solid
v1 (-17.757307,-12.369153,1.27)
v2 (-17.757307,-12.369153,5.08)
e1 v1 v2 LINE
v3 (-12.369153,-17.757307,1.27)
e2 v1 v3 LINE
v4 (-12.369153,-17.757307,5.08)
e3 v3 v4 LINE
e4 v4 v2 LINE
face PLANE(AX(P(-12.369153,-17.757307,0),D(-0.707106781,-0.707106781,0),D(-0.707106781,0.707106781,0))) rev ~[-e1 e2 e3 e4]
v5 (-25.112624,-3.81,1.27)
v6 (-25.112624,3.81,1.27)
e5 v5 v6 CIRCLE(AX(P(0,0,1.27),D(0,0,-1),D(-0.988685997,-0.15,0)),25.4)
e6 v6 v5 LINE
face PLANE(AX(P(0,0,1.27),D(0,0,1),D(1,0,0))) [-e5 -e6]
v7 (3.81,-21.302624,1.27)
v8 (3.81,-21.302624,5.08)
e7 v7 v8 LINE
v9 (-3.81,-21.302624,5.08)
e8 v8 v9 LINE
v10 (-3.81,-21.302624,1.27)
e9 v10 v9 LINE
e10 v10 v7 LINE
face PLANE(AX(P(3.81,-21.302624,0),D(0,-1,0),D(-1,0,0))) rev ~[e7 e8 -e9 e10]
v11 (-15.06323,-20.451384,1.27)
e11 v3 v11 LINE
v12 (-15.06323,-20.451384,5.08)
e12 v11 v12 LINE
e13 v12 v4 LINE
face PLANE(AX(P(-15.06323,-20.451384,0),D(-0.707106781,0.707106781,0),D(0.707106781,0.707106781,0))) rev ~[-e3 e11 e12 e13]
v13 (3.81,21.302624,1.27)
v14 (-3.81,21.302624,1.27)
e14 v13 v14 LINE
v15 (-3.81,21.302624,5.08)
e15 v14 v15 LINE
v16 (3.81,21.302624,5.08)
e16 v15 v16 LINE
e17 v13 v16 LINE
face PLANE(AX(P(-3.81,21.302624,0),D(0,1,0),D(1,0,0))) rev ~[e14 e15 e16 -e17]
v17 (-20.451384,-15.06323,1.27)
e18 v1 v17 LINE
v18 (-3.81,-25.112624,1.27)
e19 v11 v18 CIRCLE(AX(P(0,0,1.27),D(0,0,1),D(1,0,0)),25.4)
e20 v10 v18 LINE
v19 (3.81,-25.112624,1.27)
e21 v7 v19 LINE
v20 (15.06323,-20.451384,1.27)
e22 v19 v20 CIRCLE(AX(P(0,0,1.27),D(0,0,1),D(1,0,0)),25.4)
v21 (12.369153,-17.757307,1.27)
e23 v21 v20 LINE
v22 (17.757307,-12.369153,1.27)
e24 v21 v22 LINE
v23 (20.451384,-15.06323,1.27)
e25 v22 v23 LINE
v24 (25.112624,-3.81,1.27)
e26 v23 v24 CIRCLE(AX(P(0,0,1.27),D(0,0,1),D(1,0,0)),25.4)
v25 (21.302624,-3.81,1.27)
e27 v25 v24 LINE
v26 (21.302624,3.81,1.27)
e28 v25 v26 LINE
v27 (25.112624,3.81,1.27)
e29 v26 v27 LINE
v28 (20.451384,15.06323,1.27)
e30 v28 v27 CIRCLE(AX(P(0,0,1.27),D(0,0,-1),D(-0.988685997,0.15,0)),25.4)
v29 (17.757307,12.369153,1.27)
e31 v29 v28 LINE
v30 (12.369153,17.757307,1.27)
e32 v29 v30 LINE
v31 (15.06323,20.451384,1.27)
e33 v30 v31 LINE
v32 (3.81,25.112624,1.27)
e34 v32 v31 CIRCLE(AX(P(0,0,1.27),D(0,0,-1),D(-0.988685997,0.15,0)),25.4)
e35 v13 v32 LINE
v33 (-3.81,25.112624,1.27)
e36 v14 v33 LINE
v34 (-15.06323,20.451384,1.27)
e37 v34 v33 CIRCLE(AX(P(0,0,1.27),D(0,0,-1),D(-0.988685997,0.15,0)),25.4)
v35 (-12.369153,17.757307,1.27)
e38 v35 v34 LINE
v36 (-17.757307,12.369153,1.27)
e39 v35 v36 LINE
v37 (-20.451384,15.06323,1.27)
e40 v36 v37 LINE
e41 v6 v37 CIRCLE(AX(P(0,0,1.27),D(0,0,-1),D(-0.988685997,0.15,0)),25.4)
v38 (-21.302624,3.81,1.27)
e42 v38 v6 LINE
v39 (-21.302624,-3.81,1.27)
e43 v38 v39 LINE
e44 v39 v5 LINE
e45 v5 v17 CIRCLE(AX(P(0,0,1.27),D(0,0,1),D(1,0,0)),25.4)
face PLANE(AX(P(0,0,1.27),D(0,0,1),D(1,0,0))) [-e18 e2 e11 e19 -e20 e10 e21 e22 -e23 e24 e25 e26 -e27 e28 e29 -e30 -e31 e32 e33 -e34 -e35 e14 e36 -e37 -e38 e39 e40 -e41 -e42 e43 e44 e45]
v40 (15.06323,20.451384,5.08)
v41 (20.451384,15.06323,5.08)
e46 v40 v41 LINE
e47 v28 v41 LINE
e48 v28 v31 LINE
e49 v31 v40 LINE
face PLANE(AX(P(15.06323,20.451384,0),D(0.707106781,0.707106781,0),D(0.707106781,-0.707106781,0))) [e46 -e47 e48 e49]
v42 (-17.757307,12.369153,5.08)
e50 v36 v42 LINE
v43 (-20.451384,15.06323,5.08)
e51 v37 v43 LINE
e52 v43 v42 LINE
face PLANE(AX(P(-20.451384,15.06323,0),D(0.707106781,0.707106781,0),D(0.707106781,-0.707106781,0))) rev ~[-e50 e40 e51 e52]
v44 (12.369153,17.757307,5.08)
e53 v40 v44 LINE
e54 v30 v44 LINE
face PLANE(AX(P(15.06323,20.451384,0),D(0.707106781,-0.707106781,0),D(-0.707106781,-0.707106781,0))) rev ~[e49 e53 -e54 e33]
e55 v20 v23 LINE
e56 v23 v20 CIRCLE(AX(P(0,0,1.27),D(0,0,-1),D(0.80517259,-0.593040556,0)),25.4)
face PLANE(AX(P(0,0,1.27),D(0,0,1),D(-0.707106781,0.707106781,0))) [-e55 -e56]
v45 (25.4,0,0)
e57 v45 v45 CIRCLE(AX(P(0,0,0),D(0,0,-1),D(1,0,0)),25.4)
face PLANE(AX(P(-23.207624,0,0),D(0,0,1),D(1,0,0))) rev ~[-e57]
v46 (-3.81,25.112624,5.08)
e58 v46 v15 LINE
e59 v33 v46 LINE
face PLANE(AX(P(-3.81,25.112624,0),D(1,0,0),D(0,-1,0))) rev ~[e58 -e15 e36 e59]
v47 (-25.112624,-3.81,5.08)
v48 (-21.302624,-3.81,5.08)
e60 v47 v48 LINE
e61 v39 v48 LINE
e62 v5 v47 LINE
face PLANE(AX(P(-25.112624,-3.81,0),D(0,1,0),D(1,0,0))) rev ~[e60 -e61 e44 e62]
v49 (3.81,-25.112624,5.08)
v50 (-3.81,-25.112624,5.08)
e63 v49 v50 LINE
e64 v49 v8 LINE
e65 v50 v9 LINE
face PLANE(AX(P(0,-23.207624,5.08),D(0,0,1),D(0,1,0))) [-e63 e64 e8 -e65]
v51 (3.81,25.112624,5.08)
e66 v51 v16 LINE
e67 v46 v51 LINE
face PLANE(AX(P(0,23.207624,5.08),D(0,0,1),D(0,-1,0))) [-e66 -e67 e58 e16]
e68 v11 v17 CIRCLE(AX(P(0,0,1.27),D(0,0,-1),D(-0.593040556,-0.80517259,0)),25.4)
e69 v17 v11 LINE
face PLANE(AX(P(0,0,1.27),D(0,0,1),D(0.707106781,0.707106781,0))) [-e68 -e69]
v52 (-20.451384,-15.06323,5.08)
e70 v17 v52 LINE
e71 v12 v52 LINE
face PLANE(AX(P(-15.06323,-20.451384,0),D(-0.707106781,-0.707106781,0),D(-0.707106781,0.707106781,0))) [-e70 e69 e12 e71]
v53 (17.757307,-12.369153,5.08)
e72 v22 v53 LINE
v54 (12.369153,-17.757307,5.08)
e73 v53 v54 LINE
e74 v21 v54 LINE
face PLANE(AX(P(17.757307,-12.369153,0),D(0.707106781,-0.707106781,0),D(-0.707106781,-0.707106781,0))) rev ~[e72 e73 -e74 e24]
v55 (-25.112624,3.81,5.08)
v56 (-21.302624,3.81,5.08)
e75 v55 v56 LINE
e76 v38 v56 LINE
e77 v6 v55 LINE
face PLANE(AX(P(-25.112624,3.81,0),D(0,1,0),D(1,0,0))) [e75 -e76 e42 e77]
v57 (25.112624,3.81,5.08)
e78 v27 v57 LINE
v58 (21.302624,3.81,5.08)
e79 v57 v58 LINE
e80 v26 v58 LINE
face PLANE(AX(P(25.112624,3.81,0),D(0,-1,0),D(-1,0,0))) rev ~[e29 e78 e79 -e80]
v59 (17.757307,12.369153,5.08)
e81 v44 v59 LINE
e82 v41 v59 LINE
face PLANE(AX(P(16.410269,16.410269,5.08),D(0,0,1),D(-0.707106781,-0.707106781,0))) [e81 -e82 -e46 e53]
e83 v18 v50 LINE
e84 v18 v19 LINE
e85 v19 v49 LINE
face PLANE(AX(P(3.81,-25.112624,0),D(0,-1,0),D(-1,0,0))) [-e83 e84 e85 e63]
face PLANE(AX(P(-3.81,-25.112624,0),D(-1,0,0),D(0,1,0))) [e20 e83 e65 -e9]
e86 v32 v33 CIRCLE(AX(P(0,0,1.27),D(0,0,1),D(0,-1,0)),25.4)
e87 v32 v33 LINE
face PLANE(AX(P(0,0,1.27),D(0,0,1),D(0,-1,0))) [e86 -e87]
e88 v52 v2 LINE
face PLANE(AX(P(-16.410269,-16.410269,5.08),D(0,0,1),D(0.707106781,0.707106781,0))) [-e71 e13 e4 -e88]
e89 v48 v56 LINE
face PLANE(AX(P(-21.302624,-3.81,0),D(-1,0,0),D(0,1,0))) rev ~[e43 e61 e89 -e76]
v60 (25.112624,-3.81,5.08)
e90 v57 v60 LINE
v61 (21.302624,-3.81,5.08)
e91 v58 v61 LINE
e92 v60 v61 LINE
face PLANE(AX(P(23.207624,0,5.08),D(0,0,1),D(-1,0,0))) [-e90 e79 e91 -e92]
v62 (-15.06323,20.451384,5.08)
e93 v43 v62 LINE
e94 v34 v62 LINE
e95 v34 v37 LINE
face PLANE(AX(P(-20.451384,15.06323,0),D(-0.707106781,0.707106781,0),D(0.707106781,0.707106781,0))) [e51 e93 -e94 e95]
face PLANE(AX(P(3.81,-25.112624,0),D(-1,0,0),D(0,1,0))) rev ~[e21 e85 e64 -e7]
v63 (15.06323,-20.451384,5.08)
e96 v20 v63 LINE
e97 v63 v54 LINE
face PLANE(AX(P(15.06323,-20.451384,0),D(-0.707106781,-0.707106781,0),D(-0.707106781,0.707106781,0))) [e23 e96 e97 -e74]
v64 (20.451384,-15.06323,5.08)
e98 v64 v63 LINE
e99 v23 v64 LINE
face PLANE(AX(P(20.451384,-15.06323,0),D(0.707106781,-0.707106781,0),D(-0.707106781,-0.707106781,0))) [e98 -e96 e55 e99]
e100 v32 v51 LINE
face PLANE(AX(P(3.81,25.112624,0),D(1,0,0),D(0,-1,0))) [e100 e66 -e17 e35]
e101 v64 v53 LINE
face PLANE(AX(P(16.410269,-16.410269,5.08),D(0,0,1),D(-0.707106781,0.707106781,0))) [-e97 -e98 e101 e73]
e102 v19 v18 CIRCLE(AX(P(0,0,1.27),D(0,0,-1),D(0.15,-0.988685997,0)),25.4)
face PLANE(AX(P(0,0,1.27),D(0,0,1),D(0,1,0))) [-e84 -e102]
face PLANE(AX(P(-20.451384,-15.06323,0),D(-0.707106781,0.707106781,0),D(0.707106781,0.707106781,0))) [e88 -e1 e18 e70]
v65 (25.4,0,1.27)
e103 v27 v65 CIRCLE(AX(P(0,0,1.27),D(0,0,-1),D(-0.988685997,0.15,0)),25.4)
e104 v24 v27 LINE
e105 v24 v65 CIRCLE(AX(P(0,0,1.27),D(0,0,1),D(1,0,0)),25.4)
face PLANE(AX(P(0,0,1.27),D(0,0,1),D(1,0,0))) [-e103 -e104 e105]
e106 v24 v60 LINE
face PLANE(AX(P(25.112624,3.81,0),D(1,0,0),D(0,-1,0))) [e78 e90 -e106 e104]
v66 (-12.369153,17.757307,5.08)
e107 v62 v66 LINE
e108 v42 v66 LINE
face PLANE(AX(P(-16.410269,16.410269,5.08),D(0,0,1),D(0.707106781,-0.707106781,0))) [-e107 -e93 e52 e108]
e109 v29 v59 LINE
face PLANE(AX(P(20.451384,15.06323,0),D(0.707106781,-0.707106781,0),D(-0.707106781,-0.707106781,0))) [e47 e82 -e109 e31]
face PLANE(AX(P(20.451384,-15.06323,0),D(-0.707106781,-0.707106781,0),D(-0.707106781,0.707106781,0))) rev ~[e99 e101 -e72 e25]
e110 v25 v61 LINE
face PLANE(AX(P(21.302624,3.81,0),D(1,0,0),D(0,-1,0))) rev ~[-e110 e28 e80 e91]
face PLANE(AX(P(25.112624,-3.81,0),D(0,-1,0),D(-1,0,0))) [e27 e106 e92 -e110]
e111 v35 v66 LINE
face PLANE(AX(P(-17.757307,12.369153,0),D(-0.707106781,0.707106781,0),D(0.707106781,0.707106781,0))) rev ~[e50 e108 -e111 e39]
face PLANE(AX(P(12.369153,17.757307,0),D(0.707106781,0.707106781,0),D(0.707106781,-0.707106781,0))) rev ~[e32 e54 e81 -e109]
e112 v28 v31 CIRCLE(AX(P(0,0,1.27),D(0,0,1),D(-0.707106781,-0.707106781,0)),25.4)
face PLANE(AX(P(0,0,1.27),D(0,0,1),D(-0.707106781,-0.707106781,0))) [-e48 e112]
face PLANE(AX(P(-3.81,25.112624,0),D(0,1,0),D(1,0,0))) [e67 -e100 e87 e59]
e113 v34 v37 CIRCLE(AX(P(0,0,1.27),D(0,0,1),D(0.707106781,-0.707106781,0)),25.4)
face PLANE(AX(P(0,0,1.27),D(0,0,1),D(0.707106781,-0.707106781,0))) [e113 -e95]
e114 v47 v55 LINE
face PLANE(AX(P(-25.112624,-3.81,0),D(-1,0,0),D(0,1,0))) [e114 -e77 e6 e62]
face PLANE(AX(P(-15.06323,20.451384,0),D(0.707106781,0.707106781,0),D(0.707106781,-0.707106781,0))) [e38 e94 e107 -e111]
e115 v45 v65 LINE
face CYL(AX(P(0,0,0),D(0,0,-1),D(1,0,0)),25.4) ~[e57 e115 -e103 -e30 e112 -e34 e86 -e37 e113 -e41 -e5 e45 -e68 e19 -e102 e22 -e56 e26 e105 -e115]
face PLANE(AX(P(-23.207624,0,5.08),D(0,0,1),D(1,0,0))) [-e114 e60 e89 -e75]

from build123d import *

# Parameters (mm, degrees)
F0_R     = 25.4
F1_DEPTH = 1.27
F2_W     = 3.81
F2_H     = 7.62
F3_DEPTH = 5.08
F4_COUNT = 8


with BuildPart() as f1:
    # F0 (on Top) → F1 (new body)
    with BuildSketch(Plane.XY):
        Circle(F0_R)
    extrude(amount=F1_DEPTH)

    # F2 (on Top) → F3 (join)
    with BuildSketch(Plane.XY):
        with Locations((-23.2076243153, 0)):
            Rectangle(F2_W, F2_H)
    extrude(amount=F3_DEPTH)

    # F4: F1 ×8 about axis
    f4_axis = Axis((0, 0, 1.27), (0, 0, 1))


with BuildPart() as f1_1:
    add(f1.part)
    for i in range(1, F4_COUNT):
        add(f1.part.rotate(f4_axis, i * 360 / F4_COUNT))


solid = f1_1.part
